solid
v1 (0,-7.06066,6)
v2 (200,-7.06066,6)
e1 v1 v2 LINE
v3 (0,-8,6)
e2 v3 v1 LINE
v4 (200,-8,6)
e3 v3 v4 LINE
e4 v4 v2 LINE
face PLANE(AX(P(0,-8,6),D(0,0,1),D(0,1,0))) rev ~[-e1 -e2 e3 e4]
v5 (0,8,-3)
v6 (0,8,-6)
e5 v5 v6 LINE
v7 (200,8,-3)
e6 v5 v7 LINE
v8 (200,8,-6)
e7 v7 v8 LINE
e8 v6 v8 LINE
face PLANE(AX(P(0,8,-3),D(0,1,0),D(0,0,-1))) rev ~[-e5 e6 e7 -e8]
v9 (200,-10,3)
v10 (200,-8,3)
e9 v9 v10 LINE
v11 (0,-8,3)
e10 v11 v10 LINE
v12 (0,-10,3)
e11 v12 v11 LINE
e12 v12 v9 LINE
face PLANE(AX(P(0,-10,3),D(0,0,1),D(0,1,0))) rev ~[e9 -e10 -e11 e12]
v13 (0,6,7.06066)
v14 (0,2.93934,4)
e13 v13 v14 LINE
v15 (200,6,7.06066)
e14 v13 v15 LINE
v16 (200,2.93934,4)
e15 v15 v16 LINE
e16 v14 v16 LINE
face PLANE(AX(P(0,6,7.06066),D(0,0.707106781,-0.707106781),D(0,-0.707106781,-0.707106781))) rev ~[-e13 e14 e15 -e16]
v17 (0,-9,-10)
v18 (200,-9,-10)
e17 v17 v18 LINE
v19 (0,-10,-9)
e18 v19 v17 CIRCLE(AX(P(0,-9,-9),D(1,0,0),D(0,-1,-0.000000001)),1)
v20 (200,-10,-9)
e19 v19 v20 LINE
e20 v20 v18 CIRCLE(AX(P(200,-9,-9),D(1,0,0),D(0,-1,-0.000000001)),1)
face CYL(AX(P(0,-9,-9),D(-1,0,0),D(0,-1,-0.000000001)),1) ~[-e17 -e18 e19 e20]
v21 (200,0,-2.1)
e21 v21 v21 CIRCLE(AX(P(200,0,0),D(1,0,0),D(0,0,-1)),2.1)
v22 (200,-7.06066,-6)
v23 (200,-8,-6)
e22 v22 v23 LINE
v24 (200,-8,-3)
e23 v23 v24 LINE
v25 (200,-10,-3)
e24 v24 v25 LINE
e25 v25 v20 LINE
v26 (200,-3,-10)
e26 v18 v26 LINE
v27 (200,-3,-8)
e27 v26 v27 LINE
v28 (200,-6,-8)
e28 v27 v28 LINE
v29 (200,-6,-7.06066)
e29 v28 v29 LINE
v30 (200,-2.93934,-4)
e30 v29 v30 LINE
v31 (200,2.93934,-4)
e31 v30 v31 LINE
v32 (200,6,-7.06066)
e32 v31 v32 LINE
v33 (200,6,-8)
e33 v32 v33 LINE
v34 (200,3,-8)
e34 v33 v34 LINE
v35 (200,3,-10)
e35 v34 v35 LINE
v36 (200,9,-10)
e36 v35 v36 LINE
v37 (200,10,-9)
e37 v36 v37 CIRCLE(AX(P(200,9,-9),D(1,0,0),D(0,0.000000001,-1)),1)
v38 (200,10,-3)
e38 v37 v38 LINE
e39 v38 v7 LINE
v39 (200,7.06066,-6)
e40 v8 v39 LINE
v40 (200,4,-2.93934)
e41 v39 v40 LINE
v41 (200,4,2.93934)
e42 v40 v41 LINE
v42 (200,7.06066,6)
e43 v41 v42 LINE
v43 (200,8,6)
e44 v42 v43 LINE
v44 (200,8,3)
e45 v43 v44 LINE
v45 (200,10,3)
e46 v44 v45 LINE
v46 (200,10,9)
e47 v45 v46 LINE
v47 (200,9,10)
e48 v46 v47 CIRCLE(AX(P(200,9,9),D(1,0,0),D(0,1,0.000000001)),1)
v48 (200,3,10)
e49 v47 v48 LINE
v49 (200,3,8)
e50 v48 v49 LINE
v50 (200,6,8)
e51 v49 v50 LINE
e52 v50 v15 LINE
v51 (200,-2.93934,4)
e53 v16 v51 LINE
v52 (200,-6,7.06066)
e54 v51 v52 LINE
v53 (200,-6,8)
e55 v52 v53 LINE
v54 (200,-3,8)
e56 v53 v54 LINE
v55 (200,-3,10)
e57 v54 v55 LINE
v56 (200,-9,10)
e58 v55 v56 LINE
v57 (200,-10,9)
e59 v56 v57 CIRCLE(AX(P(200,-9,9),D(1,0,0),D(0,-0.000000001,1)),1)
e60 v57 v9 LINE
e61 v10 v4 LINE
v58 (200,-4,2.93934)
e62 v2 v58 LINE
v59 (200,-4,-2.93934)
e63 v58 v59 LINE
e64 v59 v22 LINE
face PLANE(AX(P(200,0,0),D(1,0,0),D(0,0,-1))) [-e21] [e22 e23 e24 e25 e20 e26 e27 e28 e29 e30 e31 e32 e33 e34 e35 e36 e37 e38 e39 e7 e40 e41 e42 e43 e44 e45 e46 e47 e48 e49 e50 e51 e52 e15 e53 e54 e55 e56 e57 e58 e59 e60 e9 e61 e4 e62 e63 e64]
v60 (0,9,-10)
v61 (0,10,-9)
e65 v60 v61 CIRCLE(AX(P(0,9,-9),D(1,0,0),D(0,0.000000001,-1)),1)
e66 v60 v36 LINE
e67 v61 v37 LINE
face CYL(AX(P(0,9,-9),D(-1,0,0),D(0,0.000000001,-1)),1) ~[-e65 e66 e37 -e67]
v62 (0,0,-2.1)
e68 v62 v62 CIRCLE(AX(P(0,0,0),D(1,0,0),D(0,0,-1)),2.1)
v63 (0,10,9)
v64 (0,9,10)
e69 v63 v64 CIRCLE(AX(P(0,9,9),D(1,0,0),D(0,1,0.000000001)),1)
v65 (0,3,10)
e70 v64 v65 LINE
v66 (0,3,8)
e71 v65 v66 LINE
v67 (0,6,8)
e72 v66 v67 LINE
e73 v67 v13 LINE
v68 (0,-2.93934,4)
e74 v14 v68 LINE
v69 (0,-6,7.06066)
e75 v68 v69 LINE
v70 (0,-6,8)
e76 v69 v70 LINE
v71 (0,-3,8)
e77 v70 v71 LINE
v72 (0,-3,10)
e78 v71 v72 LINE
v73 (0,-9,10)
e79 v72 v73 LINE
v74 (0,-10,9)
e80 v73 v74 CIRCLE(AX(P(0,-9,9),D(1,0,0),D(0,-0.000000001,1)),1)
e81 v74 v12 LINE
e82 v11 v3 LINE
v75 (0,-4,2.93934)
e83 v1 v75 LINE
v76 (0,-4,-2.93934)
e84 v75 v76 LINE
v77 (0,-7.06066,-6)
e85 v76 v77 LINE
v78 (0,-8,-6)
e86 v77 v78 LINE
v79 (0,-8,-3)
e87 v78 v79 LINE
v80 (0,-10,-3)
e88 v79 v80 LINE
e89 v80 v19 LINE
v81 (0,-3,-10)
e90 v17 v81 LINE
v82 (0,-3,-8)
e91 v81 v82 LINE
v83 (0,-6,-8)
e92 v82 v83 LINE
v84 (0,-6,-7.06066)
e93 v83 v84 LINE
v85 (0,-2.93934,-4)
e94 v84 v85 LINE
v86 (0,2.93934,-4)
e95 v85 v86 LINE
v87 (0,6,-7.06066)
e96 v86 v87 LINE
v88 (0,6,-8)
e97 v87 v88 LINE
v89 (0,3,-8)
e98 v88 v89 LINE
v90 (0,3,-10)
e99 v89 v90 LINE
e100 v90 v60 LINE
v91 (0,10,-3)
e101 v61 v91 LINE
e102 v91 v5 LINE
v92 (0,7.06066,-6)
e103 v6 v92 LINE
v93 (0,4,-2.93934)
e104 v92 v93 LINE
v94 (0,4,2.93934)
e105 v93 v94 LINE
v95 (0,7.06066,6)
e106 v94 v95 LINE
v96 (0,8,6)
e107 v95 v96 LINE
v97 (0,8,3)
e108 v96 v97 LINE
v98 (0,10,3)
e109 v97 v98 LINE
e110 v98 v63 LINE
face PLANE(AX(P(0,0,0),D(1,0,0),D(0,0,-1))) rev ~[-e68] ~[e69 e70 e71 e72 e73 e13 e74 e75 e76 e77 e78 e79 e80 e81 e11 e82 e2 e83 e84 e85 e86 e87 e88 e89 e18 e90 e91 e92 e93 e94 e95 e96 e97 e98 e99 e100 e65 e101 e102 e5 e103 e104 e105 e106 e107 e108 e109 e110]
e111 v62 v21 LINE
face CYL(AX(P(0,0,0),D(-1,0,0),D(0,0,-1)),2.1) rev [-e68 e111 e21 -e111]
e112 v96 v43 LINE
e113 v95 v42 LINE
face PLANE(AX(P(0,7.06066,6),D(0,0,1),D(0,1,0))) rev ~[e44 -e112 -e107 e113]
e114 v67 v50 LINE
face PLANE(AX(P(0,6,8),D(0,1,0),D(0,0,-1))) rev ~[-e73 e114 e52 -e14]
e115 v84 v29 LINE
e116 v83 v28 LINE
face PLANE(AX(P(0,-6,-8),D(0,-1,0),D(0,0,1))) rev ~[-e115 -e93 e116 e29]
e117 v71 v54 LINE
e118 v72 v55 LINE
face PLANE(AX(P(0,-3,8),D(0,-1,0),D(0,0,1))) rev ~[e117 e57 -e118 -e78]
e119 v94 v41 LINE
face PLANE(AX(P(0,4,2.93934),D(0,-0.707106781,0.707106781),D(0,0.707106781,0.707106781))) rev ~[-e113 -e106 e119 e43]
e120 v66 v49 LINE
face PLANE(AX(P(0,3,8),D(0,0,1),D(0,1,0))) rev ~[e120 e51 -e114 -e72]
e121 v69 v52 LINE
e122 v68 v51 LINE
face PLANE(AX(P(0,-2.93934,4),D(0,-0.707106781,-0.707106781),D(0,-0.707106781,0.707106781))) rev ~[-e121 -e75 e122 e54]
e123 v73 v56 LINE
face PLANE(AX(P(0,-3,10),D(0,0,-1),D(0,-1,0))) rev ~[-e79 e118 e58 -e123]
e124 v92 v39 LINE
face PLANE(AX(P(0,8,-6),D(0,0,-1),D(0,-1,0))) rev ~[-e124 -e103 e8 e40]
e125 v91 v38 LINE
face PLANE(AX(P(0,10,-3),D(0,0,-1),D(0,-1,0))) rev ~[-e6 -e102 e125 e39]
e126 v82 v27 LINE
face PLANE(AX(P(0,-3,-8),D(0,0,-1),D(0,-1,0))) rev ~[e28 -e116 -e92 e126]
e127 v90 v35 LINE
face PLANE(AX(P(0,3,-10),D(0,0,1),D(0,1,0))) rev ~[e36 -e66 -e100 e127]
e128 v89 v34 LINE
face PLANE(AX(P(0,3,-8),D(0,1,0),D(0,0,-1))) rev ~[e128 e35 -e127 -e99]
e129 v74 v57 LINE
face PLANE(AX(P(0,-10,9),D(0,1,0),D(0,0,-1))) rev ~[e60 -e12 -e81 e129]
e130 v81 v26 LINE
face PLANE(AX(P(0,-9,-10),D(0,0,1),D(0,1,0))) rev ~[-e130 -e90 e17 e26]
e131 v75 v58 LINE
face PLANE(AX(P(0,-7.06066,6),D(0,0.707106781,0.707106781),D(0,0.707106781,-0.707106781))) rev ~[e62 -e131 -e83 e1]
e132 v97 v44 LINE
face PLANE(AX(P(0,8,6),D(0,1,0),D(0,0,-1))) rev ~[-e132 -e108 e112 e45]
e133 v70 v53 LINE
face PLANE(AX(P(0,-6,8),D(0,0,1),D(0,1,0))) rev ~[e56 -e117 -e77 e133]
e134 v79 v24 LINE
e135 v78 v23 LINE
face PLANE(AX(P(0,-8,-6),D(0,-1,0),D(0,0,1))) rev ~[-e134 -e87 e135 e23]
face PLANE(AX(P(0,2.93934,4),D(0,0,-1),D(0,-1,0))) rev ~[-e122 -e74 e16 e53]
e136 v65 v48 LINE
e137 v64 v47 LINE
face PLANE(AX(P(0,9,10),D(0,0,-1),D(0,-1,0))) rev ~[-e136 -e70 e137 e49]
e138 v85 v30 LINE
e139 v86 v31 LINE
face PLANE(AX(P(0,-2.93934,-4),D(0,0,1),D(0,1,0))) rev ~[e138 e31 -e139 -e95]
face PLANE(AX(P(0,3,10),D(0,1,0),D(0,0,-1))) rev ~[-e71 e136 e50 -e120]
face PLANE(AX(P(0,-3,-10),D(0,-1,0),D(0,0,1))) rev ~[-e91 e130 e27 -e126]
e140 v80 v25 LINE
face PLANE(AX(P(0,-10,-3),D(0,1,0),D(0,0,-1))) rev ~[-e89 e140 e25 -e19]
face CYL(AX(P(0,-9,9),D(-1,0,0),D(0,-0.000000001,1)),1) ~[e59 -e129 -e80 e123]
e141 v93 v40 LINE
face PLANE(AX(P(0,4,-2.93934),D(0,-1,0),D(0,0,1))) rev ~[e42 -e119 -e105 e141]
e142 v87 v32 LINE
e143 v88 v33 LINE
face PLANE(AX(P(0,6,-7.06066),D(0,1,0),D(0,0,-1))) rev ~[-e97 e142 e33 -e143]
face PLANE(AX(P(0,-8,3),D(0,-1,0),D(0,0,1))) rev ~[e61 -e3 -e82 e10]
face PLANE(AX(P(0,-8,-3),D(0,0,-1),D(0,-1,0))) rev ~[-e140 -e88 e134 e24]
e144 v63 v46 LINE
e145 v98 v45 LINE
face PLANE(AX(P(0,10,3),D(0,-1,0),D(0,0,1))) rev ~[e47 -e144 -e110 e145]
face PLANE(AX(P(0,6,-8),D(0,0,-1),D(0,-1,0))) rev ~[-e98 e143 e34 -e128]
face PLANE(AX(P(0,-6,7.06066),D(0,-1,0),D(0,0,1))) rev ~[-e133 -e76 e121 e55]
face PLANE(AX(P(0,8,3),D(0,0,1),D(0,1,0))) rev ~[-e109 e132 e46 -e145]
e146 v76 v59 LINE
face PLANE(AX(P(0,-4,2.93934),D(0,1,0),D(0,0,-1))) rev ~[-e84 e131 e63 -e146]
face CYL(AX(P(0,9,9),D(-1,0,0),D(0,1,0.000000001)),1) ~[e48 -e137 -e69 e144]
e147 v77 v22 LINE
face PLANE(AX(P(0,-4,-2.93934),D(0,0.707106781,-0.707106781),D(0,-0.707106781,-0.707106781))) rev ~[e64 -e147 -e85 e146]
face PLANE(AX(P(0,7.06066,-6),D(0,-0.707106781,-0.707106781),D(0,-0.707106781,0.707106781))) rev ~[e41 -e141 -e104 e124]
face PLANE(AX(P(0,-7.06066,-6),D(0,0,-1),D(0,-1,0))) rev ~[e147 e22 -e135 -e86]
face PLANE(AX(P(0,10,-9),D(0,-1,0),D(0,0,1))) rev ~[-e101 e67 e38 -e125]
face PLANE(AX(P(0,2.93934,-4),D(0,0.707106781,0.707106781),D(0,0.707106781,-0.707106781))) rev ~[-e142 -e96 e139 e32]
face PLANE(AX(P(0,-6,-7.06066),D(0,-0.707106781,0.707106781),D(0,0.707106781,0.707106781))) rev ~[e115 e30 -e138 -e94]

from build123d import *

# Parameters (mm, degrees)
SKETCH1_R           = 2.1
BOSS_EXTRUDE1_DEPTH = 200


with BuildPart() as part:
    # Sketch1 → Boss-Extrude1 (new body)
    with BuildSketch(Plane(origin=(0, 0, 0), x_dir=(0, 0, -1), z_dir=(1, 0, 0))):
        with BuildLine():
            Line((-10, 9), (-10, 3))
            Line((-10, 3), (-8, 3))
            Line((-8, 3), (-8, 6))
            Line((-8, 6), (-7.060660172, 6))
            Line((-7.060660172, 6), (-4, 2.939339828))
            Line((-4, 2.939339828), (-4, -2.939339828))
            Line((-4, -2.939339828), (-7.060660172, -6))
            Line((-7.060660172, -6), (-8, -6))
            Line((-8, -6), (-8, -3))
            Line((-8, -3), (-10, -3))
            Line((-10, -3), (-10, -9))
            ThreePointArc((-10, -9), (-9.707106781, -9.707106781), (-9, -10))
            Line((-9, -10), (-3, -10))
            Line((-3, -10), (-3, -8))
            Line((-3, -8), (-6, -8))
            Line((-6, -8), (-6, -7.060660172))
            Line((-6, -7.060660172), (-2.939339828, -4))
            Line((-2.939339828, -4), (2.939339828, -4))
            Line((2.939339828, -4), (6, -7.060660172))
            Line((6, -7.060660172), (6, -8))
            Line((6, -8), (3, -8))
            Line((3, -8), (3, -10))
            Line((3, -10), (9, -10))
            ThreePointArc((9, -10), (9.707106781, -9.707106781), (10, -9))
            Line((10, -9), (10, -3))
            Line((10, -3), (8, -3))
            Line((8, -3), (8, -6))
            Line((8, -6), (7.060660172, -6))
            Line((7.060660172, -6), (4, -2.939339828))
            Line((4, -2.939339828), (4, 2.939339828))
            Line((4, 2.939339828), (7.060660172, 6))
            Line((7.060660172, 6), (8, 6))
            Line((8, 6), (8, 3))
            Line((8, 3), (10, 3))
            Line((10, 3), (10, 9))
            ThreePointArc((10, 9), (9.707106781, 9.707106781), (9, 10))
            Line((9, 10), (3, 10))
            Line((3, 10), (3, 8))
            Line((3, 8), (6, 8))
            Line((6, 8), (6, 7.060660172))
            Line((6, 7.060660172), (2.939339828, 4))
            Line((2.939339828, 4), (-2.939339828, 4))
            Line((-2.939339828, 4), (-6, 7.060660172))
            Line((-6, 7.060660172), (-6, 8))
            Line((-6, 8), (-3, 8))
            Line((-3, 8), (-3, 10))
            Line((-3, 10), (-9, 10))
            ThreePointArc((-9, 10), (-9.707106781, 9.707106781), (-10, 9))
        make_face()
        Circle(SKETCH1_R, mode=Mode.SUBTRACT)
    extrude(amount=BOSS_EXTRUDE1_DEPTH)


solid = part.part
